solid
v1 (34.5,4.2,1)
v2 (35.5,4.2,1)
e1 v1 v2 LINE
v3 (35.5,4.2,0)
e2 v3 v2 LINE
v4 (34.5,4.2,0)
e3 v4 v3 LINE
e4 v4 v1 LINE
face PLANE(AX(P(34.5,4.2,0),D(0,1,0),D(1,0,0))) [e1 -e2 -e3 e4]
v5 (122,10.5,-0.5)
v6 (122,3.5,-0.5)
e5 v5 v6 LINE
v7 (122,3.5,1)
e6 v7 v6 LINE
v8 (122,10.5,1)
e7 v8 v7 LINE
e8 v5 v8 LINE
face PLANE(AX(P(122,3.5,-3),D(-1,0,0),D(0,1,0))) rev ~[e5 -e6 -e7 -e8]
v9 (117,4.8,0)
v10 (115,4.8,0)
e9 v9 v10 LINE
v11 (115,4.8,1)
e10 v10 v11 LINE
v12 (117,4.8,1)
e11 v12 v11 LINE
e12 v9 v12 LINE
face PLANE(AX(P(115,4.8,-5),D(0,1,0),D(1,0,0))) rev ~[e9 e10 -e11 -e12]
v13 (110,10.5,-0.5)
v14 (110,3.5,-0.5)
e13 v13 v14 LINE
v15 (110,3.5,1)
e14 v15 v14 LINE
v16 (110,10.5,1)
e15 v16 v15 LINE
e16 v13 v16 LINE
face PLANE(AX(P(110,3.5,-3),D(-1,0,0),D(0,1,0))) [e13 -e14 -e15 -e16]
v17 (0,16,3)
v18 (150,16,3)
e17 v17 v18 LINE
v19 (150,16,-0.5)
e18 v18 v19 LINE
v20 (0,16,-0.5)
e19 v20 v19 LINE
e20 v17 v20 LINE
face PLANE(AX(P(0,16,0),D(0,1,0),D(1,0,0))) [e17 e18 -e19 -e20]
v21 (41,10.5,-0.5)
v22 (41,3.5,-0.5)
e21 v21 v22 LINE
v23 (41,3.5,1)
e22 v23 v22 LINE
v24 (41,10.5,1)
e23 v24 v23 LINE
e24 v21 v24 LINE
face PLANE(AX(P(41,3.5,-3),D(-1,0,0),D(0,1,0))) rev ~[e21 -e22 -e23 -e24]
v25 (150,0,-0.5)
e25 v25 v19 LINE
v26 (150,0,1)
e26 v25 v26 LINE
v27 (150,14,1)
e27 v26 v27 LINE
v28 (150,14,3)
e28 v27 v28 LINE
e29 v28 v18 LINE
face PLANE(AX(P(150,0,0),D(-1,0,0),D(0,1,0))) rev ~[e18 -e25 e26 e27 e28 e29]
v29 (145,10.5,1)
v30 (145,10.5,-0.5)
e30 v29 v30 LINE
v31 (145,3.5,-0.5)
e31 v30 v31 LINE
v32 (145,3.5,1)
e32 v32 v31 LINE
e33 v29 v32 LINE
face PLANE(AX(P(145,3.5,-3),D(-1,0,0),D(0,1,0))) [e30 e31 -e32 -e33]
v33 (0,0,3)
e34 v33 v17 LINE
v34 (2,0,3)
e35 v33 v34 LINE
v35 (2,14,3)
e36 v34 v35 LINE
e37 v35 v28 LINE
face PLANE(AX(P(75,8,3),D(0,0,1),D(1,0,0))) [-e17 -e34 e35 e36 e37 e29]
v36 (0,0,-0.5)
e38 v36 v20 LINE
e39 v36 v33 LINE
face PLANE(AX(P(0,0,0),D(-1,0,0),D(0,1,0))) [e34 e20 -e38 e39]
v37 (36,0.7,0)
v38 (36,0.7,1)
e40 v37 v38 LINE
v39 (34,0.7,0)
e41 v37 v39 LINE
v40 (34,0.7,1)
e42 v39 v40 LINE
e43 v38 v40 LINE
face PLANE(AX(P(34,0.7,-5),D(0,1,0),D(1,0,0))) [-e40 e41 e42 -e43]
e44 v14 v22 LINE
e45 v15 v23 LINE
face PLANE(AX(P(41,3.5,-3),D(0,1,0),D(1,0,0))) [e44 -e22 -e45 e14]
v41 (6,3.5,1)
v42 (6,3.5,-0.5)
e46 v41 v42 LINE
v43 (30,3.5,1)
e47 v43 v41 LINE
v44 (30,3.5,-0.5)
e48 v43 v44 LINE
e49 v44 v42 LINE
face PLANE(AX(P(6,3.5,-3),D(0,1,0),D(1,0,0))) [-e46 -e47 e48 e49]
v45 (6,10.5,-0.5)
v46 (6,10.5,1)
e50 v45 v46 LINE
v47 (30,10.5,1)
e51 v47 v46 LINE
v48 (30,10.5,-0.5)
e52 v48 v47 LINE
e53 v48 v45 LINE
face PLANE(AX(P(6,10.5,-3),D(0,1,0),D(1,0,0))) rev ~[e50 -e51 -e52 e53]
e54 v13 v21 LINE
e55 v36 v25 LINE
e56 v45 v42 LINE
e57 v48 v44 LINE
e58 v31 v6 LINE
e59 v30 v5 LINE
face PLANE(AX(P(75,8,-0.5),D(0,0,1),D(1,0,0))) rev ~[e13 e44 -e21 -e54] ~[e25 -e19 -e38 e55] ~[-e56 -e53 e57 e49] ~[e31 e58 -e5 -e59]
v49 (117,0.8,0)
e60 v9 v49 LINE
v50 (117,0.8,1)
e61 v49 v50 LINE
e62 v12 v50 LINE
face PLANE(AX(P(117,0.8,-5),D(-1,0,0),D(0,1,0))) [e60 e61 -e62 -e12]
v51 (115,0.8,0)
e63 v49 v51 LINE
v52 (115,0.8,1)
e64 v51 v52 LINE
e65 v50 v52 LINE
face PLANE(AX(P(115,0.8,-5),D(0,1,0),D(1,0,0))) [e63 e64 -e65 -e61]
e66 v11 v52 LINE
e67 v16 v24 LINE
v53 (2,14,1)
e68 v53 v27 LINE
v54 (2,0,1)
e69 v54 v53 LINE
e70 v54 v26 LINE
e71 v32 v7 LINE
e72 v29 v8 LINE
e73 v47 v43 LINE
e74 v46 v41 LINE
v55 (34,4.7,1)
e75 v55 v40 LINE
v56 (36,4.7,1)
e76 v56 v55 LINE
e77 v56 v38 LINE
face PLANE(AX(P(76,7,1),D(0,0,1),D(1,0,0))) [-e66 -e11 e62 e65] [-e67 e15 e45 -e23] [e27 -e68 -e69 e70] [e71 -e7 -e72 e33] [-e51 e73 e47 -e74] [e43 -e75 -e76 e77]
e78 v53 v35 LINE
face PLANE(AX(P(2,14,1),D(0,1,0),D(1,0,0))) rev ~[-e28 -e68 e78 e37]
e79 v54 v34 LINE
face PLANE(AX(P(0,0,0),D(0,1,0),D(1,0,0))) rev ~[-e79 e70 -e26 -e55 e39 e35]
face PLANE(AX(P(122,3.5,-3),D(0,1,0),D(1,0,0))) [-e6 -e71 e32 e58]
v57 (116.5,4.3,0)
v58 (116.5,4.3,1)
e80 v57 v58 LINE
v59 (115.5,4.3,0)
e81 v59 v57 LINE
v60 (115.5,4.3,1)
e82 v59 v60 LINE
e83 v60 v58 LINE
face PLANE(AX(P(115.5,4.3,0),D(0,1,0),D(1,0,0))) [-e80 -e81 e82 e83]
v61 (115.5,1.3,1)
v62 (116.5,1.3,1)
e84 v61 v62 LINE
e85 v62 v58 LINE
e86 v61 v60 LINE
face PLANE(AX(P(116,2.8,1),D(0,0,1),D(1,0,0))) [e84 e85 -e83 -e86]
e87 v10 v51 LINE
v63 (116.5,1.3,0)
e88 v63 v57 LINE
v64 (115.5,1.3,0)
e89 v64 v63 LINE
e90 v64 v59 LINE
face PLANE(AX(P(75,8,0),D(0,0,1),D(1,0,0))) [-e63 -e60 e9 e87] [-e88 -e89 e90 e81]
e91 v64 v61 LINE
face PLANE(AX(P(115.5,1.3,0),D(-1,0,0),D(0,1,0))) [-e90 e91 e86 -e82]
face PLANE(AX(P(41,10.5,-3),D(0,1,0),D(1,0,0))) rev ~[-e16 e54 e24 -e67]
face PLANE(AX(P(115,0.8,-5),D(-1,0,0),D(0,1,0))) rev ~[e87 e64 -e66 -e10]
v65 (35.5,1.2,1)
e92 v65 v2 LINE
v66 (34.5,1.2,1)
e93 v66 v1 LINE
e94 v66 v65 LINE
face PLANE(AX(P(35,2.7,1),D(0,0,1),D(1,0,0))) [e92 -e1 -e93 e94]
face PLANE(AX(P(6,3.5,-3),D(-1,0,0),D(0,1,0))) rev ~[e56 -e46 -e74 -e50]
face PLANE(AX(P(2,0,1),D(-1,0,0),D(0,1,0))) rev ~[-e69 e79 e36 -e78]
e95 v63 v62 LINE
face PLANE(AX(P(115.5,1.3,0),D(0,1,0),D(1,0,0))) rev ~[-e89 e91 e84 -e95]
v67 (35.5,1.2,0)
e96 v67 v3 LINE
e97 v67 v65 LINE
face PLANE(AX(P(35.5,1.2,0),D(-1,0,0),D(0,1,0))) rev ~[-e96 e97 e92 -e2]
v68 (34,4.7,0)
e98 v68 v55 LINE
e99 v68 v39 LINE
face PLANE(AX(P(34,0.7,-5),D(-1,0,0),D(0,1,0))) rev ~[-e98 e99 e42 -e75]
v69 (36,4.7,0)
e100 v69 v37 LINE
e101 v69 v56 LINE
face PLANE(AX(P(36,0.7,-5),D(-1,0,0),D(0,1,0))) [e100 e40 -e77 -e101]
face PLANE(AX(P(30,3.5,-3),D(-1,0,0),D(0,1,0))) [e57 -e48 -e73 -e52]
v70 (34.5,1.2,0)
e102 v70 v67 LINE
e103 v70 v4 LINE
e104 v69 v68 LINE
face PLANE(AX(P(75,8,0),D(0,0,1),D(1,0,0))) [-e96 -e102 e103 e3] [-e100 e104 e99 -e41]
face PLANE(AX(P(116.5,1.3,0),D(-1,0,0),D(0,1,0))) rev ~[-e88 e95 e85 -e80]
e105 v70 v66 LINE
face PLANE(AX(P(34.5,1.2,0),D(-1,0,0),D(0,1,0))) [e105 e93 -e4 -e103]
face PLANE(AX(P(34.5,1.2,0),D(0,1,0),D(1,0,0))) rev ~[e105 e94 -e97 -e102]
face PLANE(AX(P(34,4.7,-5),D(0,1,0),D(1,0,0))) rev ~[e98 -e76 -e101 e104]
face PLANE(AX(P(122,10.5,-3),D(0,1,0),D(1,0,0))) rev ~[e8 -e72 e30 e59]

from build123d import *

# Parameters (mm, degrees)
BOX006_W     = 23
BOX006_H     = 7
BOX006_DEPTH = 10
BOX005_W     = 69
BOX005_H     = 7
BOX005_DEPTH = 10
BOX004_W     = 24
BOX004_H     = 7
BOX004_DEPTH = 10
BOX003_W     = 2
BOX003_H     = 4
BOX003_DEPTH = 10
BOX002_W     = 2
BOX002_H     = 4
BOX002_DEPTH = 10
BOX001_W     = 148
BOX001_H     = 14
BOX001_DEPTH = 2
BOX_W        = 150
BOX_H        = 16
BOX_DEPTH    = 3
BOX011_W     = 69
BOX011_H     = 7
BOX011_DEPTH = 10
BOX012_W     = 23
BOX012_H     = 7
BOX012_DEPTH = 10
BOX010_W     = 24
BOX010_H     = 7
BOX010_DEPTH = 10
BOX008_W     = 1
BOX008_H     = 3
BOX008_DEPTH = 1
BOX007_W     = 1
BOX007_H     = 3
BOX007_DEPTH = 1
BOX009_W     = 150
BOX009_H     = 16
BOX009_DEPTH = 0.5


with BuildPart() as cube006:
    # Box006 → Box006 (new body)
    with BuildSketch(Plane(origin=(122, 3.5, -3), x_dir=(1, 0, 0), z_dir=(0, 0, 1))):
        with Locations((11.5, 3.5)):
            Rectangle(BOX006_W, BOX006_H)
    extrude(amount=BOX006_DEPTH)


with BuildPart() as cube005:
    # Box005 → Box005 (new body)
    with BuildSketch(Plane(origin=(41, 3.5, -3), x_dir=(1, 0, 0), z_dir=(0, 0, 1))):
        with Locations((34.5, 3.5)):
            Rectangle(BOX005_W, BOX005_H)
    extrude(amount=BOX005_DEPTH)


with BuildPart() as cube004:
    # Box004 → Box004 (new body)
    with BuildSketch(Plane(origin=(6, 3.5, -3), x_dir=(1, 0, 0), z_dir=(0, 0, 1))):
        with Locations((12, 3.5)):
            Rectangle(BOX004_W, BOX004_H)
    extrude(amount=BOX004_DEPTH)


with BuildPart() as cube003:
    # Box003 → Box003 (new body)
    with BuildSketch(Plane(origin=(115, 0.8, -5), x_dir=(1, 0, 0), z_dir=(0, 0, 1))):
        with Locations((1, 2)):
            Rectangle(BOX003_W, BOX003_H)
    extrude(amount=BOX003_DEPTH)


with BuildPart() as cube002:
    # Box002 → Box002 (new body)
    with BuildSketch(Plane(origin=(34, 0.7, -5), x_dir=(1, 0, 0), z_dir=(0, 0, 1))):
        with Locations((1, 2)):
            Rectangle(BOX002_W, BOX002_H)
    extrude(amount=BOX002_DEPTH)


with BuildPart() as cube001:
    # Box001 → Box001 (new body)
    with BuildSketch(Plane(origin=(2, 0, 1), x_dir=(1, 0, 0), z_dir=(0, 0, 1))):
        with Locations((74, 7)):
            Rectangle(BOX001_W, BOX001_H)
    extrude(amount=BOX001_DEPTH)


with BuildPart() as cut005:
    # Box → Box (new body)
    with BuildSketch(Plane.XY):
        with Locations((75, 8)):
            Rectangle(BOX_W, BOX_H)
    extrude(amount=BOX_DEPTH)

    # Cut: cut Cube001
    add(cube001.part, mode=Mode.SUBTRACT)

    # Cut001: cut Cube002
    add(cube002.part, mode=Mode.SUBTRACT)

    # Cut002: cut Cube003
    add(cube003.part, mode=Mode.SUBTRACT)

    # Cut003: cut Cube004
    add(cube004.part, mode=Mode.SUBTRACT)

    # Cut004: cut Cube005
    add(cube005.part, mode=Mode.SUBTRACT)

    # Cut005: cut Cube006
    add(cube006.part, mode=Mode.SUBTRACT)


with BuildPart() as cube011:
    # Box011 → Box011 (new body)
    with BuildSketch(Plane(origin=(41, 3.5, -3), x_dir=(1, 0, 0), z_dir=(0, 0, 1))):
        with Locations((34.5, 3.5)):
            Rectangle(BOX011_W, BOX011_H)
    extrude(amount=BOX011_DEPTH)


with BuildPart() as cube012:
    # Box012 → Box012 (new body)
    with BuildSketch(Plane(origin=(122, 3.5, -3), x_dir=(1, 0, 0), z_dir=(0, 0, 1))):
        with Locations((11.5, 3.5)):
            Rectangle(BOX012_W, BOX012_H)
    extrude(amount=BOX012_DEPTH)


with BuildPart() as cube010:
    # Box010 → Box010 (new body)
    with BuildSketch(Plane(origin=(6, 3.5, -3), x_dir=(1, 0, 0), z_dir=(0, 0, 1))):
        with Locations((12, 3.5)):
            Rectangle(BOX010_W, BOX010_H)
    extrude(amount=BOX010_DEPTH)


with BuildPart() as cube008:
    # Box008 → Box008 (new body)
    with BuildSketch(Plane(origin=(115.5, 1.3, 0), x_dir=(1, 0, 0), z_dir=(0, 0, 1))):
        with Locations((0.5, 1.5)):
            Rectangle(BOX008_W, BOX008_H)
    extrude(amount=BOX008_DEPTH)


with BuildPart() as cube007:
    # Box007 → Box007 (new body)
    with BuildSketch(Plane(origin=(34.5, 1.2, 0), x_dir=(1, 0, 0), z_dir=(0, 0, 1))):
        with Locations((0.5, 1.5)):
            Rectangle(BOX007_W, BOX007_H)
    extrude(amount=BOX007_DEPTH)


with BuildPart() as fusion001:
    # Box009 → Box009 (new body)
    with BuildSketch(Plane.XY.offset(-0.5)):
        with Locations((75, 8)):
            Rectangle(BOX009_W, BOX009_H)
    extrude(amount=BOX009_DEPTH)

    # Fusion: union Cube008, Cube007
    add(cube008.part)
    add(cube007.part)

    # Cut006: cut Cube010
    add(cube010.part, mode=Mode.SUBTRACT)

    # Cut007: cut Cube012
    add(cube012.part, mode=Mode.SUBTRACT)

    # Cut008: cut Cube011
    add(cube011.part, mode=Mode.SUBTRACT)

    # Fusion001: union Cut005
    add(cut005.part)


solid = fusion001.part
